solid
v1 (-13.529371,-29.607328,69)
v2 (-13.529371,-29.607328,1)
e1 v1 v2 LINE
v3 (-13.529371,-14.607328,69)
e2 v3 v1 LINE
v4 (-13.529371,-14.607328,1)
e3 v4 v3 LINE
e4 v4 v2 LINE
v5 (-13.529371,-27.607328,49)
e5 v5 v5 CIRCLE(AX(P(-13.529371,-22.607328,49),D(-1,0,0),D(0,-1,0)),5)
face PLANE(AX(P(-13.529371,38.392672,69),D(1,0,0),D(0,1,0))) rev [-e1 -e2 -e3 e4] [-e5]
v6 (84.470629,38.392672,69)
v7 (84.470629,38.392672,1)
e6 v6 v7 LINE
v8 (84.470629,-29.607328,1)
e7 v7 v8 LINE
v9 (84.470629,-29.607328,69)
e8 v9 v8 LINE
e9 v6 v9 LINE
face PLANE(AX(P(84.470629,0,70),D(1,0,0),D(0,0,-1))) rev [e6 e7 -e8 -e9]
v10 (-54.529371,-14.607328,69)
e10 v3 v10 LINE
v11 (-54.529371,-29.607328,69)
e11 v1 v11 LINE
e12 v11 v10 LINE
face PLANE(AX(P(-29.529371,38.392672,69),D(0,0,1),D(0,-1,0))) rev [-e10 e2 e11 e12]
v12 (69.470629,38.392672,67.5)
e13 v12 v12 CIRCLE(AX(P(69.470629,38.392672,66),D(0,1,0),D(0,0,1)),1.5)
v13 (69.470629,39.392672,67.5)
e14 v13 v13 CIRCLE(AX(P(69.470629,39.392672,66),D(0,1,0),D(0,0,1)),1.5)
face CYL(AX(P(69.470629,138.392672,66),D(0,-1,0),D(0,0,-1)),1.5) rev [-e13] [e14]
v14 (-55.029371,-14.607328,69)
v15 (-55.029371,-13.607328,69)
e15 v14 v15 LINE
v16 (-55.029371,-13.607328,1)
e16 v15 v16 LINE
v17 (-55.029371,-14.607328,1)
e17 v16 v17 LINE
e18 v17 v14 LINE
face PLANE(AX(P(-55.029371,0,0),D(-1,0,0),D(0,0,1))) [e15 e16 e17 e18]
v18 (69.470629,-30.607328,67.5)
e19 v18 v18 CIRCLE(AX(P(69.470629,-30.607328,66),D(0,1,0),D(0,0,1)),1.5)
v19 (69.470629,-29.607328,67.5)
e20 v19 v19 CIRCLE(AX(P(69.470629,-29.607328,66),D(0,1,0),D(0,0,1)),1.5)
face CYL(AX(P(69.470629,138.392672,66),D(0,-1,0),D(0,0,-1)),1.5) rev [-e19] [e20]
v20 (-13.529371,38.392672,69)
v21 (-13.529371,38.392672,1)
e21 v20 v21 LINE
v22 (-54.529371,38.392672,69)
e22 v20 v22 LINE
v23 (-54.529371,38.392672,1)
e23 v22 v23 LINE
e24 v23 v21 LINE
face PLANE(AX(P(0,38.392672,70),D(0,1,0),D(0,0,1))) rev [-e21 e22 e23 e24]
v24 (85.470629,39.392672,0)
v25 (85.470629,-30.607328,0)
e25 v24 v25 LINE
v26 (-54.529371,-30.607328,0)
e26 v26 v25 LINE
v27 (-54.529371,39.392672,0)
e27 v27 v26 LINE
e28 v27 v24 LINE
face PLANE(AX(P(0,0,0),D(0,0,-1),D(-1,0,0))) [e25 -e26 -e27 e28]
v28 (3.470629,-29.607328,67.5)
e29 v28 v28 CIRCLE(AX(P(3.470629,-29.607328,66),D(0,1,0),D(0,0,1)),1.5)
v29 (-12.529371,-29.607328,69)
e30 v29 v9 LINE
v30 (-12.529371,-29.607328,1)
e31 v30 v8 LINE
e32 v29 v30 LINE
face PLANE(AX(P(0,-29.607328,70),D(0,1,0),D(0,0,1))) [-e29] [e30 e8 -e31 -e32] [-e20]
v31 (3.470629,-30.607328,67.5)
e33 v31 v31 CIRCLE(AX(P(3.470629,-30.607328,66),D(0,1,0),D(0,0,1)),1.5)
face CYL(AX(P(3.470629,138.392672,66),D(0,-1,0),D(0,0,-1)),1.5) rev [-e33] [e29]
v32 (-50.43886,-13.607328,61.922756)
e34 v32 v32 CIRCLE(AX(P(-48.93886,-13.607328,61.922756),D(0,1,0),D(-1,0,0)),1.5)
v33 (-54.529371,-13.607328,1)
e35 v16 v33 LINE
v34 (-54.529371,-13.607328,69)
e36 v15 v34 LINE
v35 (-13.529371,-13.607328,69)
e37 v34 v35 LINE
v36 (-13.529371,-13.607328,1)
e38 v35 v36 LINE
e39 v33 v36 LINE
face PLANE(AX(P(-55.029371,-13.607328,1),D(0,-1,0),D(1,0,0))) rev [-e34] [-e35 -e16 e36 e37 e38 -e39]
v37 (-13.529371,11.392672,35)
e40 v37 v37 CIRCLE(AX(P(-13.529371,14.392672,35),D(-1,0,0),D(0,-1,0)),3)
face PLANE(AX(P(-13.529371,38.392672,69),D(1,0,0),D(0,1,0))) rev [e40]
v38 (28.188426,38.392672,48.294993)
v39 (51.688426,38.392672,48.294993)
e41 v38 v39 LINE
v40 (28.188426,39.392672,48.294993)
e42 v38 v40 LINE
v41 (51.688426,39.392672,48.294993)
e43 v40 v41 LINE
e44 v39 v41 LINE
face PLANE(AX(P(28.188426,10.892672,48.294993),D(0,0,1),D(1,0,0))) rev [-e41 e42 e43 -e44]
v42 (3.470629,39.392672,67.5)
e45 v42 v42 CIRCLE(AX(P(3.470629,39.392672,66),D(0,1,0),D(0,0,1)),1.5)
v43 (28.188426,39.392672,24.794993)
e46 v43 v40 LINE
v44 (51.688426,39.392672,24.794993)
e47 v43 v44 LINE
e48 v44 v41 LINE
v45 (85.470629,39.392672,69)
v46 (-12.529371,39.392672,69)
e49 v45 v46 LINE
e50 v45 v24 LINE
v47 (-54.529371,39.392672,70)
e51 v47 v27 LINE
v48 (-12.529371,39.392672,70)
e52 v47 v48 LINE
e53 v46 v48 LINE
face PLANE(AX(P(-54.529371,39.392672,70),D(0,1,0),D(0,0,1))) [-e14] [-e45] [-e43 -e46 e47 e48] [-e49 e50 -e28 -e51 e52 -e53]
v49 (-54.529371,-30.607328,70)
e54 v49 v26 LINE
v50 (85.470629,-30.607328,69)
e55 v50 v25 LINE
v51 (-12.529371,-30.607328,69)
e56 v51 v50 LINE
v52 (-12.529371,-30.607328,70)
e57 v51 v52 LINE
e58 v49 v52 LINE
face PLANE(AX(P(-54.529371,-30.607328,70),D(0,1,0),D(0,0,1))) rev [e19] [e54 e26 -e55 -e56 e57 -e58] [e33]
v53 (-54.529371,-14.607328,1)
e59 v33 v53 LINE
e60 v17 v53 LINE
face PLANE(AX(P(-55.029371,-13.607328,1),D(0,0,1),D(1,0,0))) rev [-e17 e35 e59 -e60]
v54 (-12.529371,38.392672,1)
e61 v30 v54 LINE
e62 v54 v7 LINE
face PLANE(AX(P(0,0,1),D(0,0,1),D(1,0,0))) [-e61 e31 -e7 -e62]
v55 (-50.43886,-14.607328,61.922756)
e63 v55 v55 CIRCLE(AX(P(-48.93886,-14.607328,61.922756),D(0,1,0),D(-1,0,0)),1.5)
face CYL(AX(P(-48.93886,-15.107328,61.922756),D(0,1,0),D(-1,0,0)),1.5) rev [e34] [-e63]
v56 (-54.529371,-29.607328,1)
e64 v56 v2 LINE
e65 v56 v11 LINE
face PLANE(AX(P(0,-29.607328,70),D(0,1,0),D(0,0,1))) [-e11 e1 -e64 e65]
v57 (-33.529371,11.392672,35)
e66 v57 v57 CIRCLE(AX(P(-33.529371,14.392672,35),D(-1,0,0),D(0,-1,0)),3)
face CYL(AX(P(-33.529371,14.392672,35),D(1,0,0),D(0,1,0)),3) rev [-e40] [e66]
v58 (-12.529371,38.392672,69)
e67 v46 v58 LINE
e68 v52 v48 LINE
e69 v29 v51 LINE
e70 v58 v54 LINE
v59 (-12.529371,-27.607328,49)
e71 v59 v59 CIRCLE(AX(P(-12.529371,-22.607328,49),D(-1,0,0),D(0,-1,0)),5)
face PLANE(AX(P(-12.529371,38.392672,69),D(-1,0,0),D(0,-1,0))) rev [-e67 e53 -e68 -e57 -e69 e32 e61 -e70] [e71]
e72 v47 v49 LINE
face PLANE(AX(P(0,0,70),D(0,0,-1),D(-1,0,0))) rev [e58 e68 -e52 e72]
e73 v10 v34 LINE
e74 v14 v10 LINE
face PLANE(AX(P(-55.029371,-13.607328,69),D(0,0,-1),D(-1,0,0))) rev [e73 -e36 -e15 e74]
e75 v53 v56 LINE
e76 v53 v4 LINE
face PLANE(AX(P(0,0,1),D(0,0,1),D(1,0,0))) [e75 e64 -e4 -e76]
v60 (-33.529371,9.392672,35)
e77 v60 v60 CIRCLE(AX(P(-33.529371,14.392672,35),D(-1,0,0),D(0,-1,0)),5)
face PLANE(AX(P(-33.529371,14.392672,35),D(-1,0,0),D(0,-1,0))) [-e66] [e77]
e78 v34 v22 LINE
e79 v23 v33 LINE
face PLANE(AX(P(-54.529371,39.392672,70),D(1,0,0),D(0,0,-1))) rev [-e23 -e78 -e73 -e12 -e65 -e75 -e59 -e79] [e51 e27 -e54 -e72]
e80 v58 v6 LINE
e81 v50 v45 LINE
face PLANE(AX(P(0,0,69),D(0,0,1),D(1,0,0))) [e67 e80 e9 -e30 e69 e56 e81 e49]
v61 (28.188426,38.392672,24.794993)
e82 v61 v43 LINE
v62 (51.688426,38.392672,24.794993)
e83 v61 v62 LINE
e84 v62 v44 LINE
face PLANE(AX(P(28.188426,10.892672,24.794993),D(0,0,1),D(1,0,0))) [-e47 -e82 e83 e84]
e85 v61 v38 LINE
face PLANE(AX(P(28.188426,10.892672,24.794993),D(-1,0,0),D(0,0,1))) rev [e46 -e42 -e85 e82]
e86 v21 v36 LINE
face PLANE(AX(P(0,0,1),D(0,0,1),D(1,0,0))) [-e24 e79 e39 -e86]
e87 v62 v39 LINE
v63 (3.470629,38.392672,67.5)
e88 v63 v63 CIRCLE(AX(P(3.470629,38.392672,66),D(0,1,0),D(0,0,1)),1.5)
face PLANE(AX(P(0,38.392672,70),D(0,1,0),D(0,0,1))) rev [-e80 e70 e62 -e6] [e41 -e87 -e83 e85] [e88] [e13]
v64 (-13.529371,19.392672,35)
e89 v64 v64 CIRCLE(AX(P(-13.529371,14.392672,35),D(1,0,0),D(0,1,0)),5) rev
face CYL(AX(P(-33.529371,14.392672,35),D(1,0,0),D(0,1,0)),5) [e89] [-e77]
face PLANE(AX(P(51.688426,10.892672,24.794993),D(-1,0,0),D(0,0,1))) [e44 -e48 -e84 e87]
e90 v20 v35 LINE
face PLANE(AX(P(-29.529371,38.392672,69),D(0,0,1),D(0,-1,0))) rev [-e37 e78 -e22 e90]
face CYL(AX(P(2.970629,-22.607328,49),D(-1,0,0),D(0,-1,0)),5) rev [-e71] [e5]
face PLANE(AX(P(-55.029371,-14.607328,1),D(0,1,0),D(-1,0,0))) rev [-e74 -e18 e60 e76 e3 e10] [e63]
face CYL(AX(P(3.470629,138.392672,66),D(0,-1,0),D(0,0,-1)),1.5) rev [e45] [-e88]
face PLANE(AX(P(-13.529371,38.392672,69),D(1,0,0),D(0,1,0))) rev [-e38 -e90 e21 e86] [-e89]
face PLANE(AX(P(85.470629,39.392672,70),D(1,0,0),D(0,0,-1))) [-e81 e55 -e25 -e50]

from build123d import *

# Parameters (mm, degrees)
SKETCH_1_W          = 140
SKETCH_1_H          = 70
SKETCH_1_W_2        = 138
SKETCH_1_H_2        = 68
EXTRUDE_1_DEPTH     = 70
SKETCH_1_3_W        = 140
SKETCH_1_3_H        = 70
EXTRUDE_1_2_DEPTH   = 1
SKETCH_2_W          = 1
SKETCH_2_H          = 68
EXTRUDE_1_3_DEPTH   = 68
SKETCH_3_W          = 68
SKETCH_3_H          = 68
CUT_EXTRUDE_1_DEPTH = 25
SKETCH_4_W          = 1
SKETCH_4_H          = 70
EXTRUDE_2_DEPTH     = 42
SKETCH_5_R          = 5
SKETCH_5_R_2        = 3
EXTRUDE_3_DEPTH     = 20
SKETCH_6_W          = 68
SKETCH_6_H          = 1
EXTRUDE_4_DEPTH     = 41.5
SKETCH_8_R          = 1.5
CUT_EXTRUDE_2_DEPTH = 100
SKETCH_10_W         = 98
SKETCH_10_H         = 70
CUT_EXTRUDE_5_DEPTH = 1
SKETCH_11_R         = 1.5
CUT_EXTRUDE_6_DEPTH = 1.5
SKETCH_12_W         = 23.5
SKETCH_12_H         = 23.5
CUT_EXTRUDE_7_DEPTH = 28.5
SKETCH_13_R         = 5
CUT_EXTRUDE_8_DEPTH = 16.5


with BuildPart() as part:
    # Эскиз1 → Extrude 1 (new body)
    with BuildSketch(Plane.XY):
        with Locations((15.470629231, 4.392672242)):
            Rectangle(SKETCH_1_W, SKETCH_1_H)
        with Locations((15.470629231, 4.392672242)):
            Rectangle(SKETCH_1_W_2, SKETCH_1_H_2, mode=Mode.SUBTRACT)
    extrude(amount=EXTRUDE_1_DEPTH)

    # Эскиз1<3> → Extrude 1 2 (add)
    with BuildSketch(Plane.XY):
        with Locations((15.470629231, 4.392672242)):
            Rectangle(SKETCH_1_3_W, SKETCH_1_3_H)
    extrude(amount=EXTRUDE_1_2_DEPTH)

    # 草图2 → Extrude 1 3 (add)
    with BuildSketch(Plane.XY.offset(1)):
        with Locations((-13.029370769, 4.392672242)):
            Rectangle(SKETCH_2_W, SKETCH_2_H)
    extrude(amount=EXTRUDE_1_3_DEPTH)

    # 草图3 → 切除-拉伸1 (cut)
    with BuildSketch(Plane.ZY.offset(54.529370769)):
        with Locations((35, 4.392672242)):
            Rectangle(SKETCH_3_W, SKETCH_3_H)
    extrude(amount=-CUT_EXTRUDE_1_DEPTH, mode=Mode.SUBTRACT)

    # 草图4 → 凸台-拉伸2 (add)
    with BuildSketch(Plane.ZY.offset(54.529370769)):
        with Locations((69.5, 4.392672242)):
            Rectangle(SKETCH_4_W, SKETCH_4_H)
    extrude(amount=-EXTRUDE_2_DEPTH)

    # 草图5 → 凸台-拉伸3 (add)
    with BuildSketch(Plane.ZY.offset(13.529370769)):
        with Locations((35, 14.392672242)):
            Circle(SKETCH_5_R)
        with Locations((35, 14.392672242)):
            Circle(SKETCH_5_R_2, mode=Mode.SUBTRACT)
    extrude(amount=EXTRUDE_3_DEPTH)

    # 草图6 → 凸台-拉伸4 (add)
    with BuildSketch(Plane.ZY.offset(13.529370769)):
        with Locations((35, -14.107327758)):
            Rectangle(SKETCH_6_W, SKETCH_6_H)
    extrude(amount=EXTRUDE_4_DEPTH)

    # 草图8 → 切除-拉伸2 (cut, symmetric)
    with BuildSketch(Plane.XZ.offset(-38.392672242)):
        with Locations((3.470629231, 66)):
            Circle(SKETCH_8_R)
        with Locations((69.470629231, 66)):
            Circle(SKETCH_8_R)
    extrude(amount=CUT_EXTRUDE_2_DEPTH, both=True, mode=Mode.SUBTRACT)

    # 草图10 → 切除-拉伸5 (cut)
    with BuildSketch(Plane.XY.offset(70)):
        with Locations((36.470629231, 4.392672242)):
            Rectangle(SKETCH_10_W, SKETCH_10_H)
    extrude(amount=-CUT_EXTRUDE_5_DEPTH, mode=Mode.SUBTRACT)

    # 草图11 → 切除-拉伸6 (cut)
    with BuildSketch(Plane(origin=(0, -13.607327758, 0), x_dir=(1, 0, 0), z_dir=(0, 1, 0))):
        with Locations((-48.938859946, -61.922756224)):
            Circle(SKETCH_11_R)
    extrude(amount=-CUT_EXTRUDE_6_DEPTH, mode=Mode.SUBTRACT)

    # 草图12 → 切除-拉伸7 (cut)
    with BuildSketch(Plane(origin=(0, 39.392672242, 0), x_dir=(1, 0, 0), z_dir=(0, 1, 0))):
        with Locations((39.938426457, -36.544993355)):
            Rectangle(SKETCH_12_W, SKETCH_12_H)
    extrude(amount=-CUT_EXTRUDE_7_DEPTH, mode=Mode.SUBTRACT)

    # 草图13 → 切除-拉伸8 (cut)
    with BuildSketch(Plane.ZY.offset(13.529370769)):
        with Locations((49, -22.607327758)):
            Circle(SKETCH_13_R)
    extrude(amount=-CUT_EXTRUDE_8_DEPTH, mode=Mode.SUBTRACT)


solid = part.part
